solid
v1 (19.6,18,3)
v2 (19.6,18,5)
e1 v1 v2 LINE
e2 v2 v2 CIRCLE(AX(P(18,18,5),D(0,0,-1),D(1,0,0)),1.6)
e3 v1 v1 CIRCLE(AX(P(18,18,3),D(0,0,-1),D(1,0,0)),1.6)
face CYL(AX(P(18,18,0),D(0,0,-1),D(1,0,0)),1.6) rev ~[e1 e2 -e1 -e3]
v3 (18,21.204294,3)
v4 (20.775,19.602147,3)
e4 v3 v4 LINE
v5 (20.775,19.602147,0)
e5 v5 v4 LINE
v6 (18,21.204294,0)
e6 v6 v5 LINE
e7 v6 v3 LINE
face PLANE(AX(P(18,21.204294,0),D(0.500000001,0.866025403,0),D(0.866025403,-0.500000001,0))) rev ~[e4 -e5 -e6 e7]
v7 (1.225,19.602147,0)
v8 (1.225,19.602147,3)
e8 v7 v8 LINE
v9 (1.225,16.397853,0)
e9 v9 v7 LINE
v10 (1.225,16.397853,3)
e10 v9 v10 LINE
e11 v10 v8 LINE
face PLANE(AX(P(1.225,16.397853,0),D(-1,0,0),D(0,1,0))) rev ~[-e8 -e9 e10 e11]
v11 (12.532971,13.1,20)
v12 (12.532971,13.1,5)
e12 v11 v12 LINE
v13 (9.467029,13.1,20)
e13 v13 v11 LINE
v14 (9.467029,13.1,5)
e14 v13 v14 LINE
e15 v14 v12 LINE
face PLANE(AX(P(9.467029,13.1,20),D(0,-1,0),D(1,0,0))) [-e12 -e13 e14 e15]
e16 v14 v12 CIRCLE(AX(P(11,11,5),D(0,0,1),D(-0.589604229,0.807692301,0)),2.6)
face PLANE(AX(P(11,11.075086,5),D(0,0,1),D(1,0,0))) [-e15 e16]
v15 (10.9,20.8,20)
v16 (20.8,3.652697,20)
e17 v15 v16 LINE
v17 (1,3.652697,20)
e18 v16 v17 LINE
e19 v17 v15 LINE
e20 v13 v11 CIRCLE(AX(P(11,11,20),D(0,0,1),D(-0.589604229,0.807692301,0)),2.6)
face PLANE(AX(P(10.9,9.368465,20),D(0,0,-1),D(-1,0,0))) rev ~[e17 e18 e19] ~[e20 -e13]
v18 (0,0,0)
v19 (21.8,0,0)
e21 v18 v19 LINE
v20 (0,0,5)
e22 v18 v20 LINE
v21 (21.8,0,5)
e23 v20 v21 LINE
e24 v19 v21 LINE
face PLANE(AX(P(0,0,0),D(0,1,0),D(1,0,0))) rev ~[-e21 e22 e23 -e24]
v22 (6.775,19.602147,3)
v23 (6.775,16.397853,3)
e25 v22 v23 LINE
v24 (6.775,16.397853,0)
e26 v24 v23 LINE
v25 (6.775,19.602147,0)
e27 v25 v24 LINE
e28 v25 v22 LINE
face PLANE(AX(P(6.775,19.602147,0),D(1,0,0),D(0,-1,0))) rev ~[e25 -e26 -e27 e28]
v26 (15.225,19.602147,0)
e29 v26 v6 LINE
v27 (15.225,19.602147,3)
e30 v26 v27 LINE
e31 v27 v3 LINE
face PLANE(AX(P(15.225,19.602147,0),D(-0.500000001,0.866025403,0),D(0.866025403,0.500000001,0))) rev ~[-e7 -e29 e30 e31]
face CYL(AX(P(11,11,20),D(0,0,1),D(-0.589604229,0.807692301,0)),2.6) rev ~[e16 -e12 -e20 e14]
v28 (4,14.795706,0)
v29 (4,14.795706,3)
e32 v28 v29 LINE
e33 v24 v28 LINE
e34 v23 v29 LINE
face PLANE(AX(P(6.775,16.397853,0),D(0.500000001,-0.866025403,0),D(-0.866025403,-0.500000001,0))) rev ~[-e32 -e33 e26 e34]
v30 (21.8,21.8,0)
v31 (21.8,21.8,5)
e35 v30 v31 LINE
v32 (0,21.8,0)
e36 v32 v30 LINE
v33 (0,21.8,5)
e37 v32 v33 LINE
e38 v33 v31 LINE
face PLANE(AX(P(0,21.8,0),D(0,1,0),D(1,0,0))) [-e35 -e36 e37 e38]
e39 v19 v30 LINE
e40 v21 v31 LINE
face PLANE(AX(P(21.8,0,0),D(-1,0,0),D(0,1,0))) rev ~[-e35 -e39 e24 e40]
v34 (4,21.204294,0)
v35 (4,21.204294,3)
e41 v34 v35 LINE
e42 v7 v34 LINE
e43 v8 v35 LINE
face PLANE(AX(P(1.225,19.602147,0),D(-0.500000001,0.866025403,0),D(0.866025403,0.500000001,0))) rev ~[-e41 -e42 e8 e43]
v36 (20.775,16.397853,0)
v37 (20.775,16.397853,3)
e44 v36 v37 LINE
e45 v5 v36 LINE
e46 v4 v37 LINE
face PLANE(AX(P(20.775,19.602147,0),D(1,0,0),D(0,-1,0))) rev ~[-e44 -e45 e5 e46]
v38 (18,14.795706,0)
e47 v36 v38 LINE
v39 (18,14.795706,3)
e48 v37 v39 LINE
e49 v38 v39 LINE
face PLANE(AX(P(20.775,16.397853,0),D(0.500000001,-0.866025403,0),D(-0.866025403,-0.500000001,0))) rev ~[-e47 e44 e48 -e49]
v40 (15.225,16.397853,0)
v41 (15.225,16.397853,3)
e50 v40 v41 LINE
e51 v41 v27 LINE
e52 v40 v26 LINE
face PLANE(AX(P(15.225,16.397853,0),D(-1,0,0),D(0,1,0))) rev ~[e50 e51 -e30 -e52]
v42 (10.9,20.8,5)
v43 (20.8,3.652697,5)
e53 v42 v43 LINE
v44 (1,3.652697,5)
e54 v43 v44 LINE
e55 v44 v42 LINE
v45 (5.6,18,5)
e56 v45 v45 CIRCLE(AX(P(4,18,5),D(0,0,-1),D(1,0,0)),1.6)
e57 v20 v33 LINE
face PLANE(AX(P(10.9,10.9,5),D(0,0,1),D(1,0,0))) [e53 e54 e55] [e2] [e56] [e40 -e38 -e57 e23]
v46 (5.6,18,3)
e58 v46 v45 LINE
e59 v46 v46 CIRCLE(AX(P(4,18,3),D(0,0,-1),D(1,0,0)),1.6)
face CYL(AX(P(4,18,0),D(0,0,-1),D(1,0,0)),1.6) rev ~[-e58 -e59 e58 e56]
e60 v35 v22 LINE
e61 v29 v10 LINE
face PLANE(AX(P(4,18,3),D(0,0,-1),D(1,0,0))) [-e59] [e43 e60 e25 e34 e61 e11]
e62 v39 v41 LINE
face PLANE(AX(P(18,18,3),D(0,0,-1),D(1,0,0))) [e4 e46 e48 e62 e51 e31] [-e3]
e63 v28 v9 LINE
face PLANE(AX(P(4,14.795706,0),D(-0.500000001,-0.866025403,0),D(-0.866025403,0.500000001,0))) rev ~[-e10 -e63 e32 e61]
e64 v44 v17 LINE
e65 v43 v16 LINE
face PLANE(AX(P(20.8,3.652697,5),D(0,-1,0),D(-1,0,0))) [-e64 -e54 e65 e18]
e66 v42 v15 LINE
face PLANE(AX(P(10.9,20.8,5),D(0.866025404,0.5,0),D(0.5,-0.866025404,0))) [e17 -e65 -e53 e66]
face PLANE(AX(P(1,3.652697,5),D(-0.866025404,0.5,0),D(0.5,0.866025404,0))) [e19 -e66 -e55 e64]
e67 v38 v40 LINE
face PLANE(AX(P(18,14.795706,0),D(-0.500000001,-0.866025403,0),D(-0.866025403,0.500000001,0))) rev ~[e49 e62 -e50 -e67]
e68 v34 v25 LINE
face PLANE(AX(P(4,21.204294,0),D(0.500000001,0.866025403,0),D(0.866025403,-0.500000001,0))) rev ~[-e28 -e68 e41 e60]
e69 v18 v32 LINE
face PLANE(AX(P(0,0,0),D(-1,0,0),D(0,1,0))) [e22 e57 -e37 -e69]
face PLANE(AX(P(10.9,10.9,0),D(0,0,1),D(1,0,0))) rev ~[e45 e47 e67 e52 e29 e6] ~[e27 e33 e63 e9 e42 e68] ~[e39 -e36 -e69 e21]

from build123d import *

# Parameters (mm, degrees)
SKETCH_W        = 21.8
SKETCH_H        = 21.8
PAD_DEPTH       = 5
PAD001_DEPTH    = 15
SKETCH002_R     = 1.6
POCKET_DEPTH    = 20.001
POCKET001_DEPTH = 3
POCKET002_DEPTH = 15


with BuildPart() as part:
    # Sketch → Pad (new body)
    with BuildSketch(Plane.XY):
        with Locations((10.9, 10.9)):
            Rectangle(SKETCH_W, SKETCH_H)
    extrude(amount=PAD_DEPTH)

    # Sketch001 (on Face6 of Pad) → Pad001 (join)
    with BuildSketch(Plane.XY.offset(5)):
        Polygon((1, 3.652697), (10.9, 20.8), (20.8, 3.652697), align=None)
    extrude(amount=PAD001_DEPTH)

    # Sketch002 (on Face4 of Pad001) → Pocket (cut, through all)
    with BuildSketch(Plane(origin=(0, 0, 0), x_dir=(1, 0, 0), z_dir=(0, 0, -1))):
        with Locations((4, -18)):
            Circle(SKETCH002_R)
        with Locations((18, -18)):
            Circle(SKETCH002_R)
    extrude(amount=-POCKET_DEPTH, mode=Mode.SUBTRACT)

    # Sketch003 (on Face4 of Pocket) → Pocket001 (cut)
    with BuildSketch(Plane(origin=(0, 0, 0), x_dir=(1, 0, 0), z_dir=(0, 0, -1))):
        Polygon((6.775, -19.602147), (6.775, -16.397853), (4, -14.795706), (1.225, -16.397853), (1.225, -19.602147), (4, -21.204294), align=None)
        Polygon((20.775, -19.602147), (20.775, -16.397853), (18, -14.795706), (15.225, -16.397853), (15.225, -19.602147), (18, -21.204294), align=None)
    extrude(amount=-POCKET001_DEPTH, mode=Mode.SUBTRACT)

    # Sketch004 (on Face26 of Pocket001) → Pocket002 (cut)
    with BuildSketch(Plane.XY.offset(20)):
        with BuildLine():
            ThreePointArc((9.467029, 13.1), (11, 8.4), (12.532971, 13.1))
            Line((9.467029, 13.1), (12.532971, 13.1))
        make_face()
    extrude(amount=-POCKET002_DEPTH, mode=Mode.SUBTRACT)


solid = part.part
